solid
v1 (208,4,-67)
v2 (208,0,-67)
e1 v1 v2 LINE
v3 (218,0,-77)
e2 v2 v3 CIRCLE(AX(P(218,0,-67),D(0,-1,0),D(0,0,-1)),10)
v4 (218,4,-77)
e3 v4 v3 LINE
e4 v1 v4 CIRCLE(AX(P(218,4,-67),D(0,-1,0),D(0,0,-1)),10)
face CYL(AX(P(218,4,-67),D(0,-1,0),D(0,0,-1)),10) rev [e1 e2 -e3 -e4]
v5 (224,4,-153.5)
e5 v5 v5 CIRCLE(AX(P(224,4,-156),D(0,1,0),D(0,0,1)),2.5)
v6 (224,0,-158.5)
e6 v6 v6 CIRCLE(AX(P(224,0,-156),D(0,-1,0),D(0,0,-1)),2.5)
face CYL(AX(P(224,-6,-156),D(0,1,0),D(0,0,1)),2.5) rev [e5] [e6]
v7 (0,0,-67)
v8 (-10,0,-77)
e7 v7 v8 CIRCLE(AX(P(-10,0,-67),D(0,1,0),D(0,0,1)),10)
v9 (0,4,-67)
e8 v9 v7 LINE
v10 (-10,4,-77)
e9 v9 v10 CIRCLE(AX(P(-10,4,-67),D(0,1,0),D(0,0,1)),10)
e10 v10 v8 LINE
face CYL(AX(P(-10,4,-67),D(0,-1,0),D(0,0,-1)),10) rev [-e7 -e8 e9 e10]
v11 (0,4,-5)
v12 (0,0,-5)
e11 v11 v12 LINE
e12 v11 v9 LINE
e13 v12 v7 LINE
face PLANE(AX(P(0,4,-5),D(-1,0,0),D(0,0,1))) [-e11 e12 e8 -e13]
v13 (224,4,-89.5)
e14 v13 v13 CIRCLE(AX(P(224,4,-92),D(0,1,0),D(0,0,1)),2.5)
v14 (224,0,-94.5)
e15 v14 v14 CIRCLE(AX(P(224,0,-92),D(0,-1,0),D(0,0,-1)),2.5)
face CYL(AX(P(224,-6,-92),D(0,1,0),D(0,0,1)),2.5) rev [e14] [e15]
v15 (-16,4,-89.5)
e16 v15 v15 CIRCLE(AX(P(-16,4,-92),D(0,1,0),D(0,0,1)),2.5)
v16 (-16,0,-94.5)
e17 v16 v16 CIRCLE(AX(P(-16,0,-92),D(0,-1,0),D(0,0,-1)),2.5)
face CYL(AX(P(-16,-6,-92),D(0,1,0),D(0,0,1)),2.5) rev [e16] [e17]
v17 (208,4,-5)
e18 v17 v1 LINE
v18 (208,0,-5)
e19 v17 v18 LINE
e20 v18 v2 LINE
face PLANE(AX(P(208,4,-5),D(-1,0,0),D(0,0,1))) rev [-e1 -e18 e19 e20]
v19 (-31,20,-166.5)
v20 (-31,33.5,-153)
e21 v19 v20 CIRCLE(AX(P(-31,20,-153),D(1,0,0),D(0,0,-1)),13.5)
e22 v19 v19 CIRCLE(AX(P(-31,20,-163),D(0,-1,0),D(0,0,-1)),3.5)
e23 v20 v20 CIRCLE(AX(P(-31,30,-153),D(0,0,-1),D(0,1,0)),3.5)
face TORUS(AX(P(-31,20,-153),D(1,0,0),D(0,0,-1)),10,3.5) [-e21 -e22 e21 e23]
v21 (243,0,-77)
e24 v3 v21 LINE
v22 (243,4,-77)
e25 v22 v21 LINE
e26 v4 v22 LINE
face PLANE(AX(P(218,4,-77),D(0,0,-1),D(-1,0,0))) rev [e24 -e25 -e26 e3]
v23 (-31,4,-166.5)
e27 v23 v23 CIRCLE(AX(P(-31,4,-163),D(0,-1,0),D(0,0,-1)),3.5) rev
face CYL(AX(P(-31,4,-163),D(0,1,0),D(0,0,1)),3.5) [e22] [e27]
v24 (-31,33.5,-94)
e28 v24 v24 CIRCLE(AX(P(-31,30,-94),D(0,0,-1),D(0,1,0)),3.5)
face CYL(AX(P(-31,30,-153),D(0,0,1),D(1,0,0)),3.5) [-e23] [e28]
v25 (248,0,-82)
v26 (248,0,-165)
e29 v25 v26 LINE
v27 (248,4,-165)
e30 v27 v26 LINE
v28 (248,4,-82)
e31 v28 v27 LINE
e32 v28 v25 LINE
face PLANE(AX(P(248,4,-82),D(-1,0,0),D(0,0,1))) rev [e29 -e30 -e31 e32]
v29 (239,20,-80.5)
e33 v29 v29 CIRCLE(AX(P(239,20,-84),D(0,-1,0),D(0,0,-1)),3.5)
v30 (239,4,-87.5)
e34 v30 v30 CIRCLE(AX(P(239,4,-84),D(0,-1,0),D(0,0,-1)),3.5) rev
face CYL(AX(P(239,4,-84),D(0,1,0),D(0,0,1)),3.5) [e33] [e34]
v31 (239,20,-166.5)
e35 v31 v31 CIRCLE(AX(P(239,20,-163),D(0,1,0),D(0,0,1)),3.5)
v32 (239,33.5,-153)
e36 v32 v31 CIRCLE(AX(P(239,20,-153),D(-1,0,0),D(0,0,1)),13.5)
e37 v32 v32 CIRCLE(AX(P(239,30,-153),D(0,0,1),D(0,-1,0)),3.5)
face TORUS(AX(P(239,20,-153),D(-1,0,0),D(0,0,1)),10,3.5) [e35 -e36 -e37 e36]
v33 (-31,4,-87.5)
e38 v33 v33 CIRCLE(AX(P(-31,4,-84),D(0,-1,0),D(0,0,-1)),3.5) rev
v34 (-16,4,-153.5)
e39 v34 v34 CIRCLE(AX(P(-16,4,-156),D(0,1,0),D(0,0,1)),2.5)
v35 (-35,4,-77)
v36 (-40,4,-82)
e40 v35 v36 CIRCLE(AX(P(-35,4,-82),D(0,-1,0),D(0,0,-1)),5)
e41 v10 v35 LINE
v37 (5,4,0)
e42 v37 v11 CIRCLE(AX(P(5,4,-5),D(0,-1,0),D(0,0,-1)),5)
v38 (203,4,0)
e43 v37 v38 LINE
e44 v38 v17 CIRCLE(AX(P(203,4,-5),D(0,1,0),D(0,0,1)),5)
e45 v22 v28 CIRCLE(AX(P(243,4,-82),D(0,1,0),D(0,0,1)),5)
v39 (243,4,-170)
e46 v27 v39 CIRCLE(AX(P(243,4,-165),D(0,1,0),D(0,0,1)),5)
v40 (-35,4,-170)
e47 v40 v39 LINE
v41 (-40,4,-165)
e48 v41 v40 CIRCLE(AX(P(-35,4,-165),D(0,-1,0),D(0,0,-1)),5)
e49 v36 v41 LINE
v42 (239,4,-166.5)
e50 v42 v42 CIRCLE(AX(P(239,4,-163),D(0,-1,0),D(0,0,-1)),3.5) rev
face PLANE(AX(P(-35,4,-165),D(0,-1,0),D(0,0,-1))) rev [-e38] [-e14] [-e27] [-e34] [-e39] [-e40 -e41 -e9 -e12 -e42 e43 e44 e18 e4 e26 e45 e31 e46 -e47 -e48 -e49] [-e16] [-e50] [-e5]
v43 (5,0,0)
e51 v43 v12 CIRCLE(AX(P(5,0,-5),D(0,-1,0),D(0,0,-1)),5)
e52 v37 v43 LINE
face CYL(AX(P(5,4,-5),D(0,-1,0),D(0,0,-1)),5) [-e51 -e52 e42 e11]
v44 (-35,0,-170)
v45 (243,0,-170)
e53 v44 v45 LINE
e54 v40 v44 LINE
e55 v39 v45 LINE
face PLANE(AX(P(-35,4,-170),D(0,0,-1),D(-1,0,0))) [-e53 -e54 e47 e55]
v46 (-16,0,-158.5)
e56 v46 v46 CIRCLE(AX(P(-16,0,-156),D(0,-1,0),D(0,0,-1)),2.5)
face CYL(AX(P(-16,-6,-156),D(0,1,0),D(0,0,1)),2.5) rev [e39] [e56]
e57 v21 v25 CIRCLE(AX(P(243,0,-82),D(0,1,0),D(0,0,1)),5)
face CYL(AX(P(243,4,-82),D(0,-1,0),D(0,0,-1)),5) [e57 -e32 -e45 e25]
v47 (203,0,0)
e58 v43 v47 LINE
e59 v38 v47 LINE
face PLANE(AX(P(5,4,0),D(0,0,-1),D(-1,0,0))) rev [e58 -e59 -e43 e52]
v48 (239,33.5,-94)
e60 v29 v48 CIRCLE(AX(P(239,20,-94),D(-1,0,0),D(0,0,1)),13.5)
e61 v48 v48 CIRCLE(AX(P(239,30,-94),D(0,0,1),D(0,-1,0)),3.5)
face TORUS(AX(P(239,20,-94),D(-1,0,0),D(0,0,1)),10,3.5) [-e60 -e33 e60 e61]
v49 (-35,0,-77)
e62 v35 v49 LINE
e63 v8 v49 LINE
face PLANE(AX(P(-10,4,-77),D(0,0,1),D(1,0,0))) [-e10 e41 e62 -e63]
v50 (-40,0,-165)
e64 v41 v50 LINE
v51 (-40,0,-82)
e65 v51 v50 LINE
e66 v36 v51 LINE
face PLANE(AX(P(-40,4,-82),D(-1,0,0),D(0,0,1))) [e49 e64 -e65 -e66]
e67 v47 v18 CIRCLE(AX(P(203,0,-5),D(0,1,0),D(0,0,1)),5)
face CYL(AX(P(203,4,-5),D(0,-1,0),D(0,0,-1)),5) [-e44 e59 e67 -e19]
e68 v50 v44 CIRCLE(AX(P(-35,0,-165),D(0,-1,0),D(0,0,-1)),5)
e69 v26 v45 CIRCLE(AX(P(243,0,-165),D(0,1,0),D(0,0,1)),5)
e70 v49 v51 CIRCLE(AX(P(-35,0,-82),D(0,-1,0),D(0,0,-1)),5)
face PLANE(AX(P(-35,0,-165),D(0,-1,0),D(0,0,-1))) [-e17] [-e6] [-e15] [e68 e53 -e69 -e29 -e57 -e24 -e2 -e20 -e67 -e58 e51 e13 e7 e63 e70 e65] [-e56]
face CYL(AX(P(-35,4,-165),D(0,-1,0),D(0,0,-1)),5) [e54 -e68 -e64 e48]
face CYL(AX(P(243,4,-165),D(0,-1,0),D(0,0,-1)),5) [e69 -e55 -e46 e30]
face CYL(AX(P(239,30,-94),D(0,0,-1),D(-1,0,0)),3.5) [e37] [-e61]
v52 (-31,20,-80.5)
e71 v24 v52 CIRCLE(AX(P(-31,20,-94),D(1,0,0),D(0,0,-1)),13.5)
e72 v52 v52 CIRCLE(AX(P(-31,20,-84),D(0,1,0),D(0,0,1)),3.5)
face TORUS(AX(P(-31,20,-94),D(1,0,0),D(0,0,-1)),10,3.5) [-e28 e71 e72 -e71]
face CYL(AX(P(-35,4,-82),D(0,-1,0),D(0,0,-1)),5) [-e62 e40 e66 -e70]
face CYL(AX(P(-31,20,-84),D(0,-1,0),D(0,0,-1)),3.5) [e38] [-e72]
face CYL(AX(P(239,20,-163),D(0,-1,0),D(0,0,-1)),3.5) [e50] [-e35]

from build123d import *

# Parameters (mm, degrees)
BOSS_EXTRU_1_DEPTH      = 4
BALAYAGE13_PROFILE_R    = 3.5
BALAYAGE14_PROFILE_R    = 3.5
ESQUISSE34_R            = 2.5
ENL_V_MAT_EXTRU_1_DEPTH = 10


with BuildPart() as part:
    # Esquisse1 → Boss.-Extru.1 (new body)
    with BuildSketch(Plane(origin=(0, 0, 0), x_dir=(1, 0, 0), z_dir=(0, 1, 0))):
        with BuildLine():
            Line((5, 0), (203, 0))
            ThreePointArc((203, 0), (206.535533906, 1.464466094), (208, 5))
            Line((208, 5), (208, 67))
            ThreePointArc((208, 67), (210.928932188, 74.071067812), (218, 77))
            Line((218, 77), (243, 77))
            ThreePointArc((243, 77), (246.535533906, 78.464466094), (248, 82))
            Line((248, 82), (248, 165))
            ThreePointArc((248, 165), (246.535533906, 168.535533906), (243, 170))
            Line((243, 170), (-35, 170))
            ThreePointArc((-35, 170), (-38.535533906, 168.535533906), (-40, 165))
            Line((-40, 165), (-40, 82))
            ThreePointArc((-40, 82), (-38.535533906, 78.464466094), (-35, 77))
            Line((-35, 77), (-10, 77))
            ThreePointArc((-10, 77), (-2.928932188, 74.071067812), (0, 67))
            Line((0, 67), (0, 5))
            ThreePointArc((0, 5), (1.464466094, 1.464466094), (5, 0))
        make_face()
    extrude(amount=BOSS_EXTRU_1_DEPTH)

    # Balayage13: sweep along a path in Esquisse12
    with BuildLine(Plane(origin=(239, 0, 0), x_dir=(0, 0, -1), z_dir=(1, 0, 0))) as balayage13_path:
        Line((84, 4), (84, 20))
        ThreePointArc((84, 20), (86.928932188, 27.071067812), (94, 30))
        Line((94, 30), (153, 30))
        ThreePointArc((153, 30), (160.071067812, 27.071067812), (163, 20))
        Line((163, 20), (163, 4))
    # Balayage13 profile (on start of the path) → Balayage13 (sweep)
    with BuildSketch(Plane(origin=(239, 4, -84), x_dir=(0, 0, 1), z_dir=(0, 1, 0))):
        Circle(BALAYAGE13_PROFILE_R)
    sweep(path=balayage13_path.line)

    # Balayage14: sweep along a path in Esquisse33
    with BuildLine(Plane.ZY.offset(31)) as balayage14_path:
        Line((-163, 4), (-163, 20))
        ThreePointArc((-163, 20), (-160.071067812, 27.071067812), (-153, 30))
        Line((-153, 30), (-94, 30))
        ThreePointArc((-94, 30), (-86.928932188, 27.071067812), (-84, 20))
        Line((-84, 20), (-84, 4))
    # Balayage14 profile (on start of the path) → Balayage14 (sweep)
    with BuildSketch(Plane(origin=(-31, 4, -163), x_dir=(0, 0, 1), z_dir=(0, 1, 0))):
        Circle(BALAYAGE14_PROFILE_R)
    sweep(path=balayage14_path.line)

    # Esquisse34 → Enlèv. mat.-Extru.1 (cut)
    with BuildSketch(Plane(origin=(0, 4, 0), x_dir=(1, 0, 0), z_dir=(0, 1, 0))):
        with Locations(Location((-16, 156, 0), (0, 0, 270))):
            Circle(ESQUISSE34_R)
        with Locations(Location((224, 156, 0), (0, 0, 270))):
            Circle(ESQUISSE34_R)
        with Locations(Location((-16, 92, 0), (0, 0, 270))):
            Circle(ESQUISSE34_R)
        with Locations(Location((224, 92, 0), (0, 0, 270))):
            Circle(ESQUISSE34_R)
    extrude(amount=-ENL_V_MAT_EXTRU_1_DEPTH, mode=Mode.SUBTRACT)


solid = part.part
